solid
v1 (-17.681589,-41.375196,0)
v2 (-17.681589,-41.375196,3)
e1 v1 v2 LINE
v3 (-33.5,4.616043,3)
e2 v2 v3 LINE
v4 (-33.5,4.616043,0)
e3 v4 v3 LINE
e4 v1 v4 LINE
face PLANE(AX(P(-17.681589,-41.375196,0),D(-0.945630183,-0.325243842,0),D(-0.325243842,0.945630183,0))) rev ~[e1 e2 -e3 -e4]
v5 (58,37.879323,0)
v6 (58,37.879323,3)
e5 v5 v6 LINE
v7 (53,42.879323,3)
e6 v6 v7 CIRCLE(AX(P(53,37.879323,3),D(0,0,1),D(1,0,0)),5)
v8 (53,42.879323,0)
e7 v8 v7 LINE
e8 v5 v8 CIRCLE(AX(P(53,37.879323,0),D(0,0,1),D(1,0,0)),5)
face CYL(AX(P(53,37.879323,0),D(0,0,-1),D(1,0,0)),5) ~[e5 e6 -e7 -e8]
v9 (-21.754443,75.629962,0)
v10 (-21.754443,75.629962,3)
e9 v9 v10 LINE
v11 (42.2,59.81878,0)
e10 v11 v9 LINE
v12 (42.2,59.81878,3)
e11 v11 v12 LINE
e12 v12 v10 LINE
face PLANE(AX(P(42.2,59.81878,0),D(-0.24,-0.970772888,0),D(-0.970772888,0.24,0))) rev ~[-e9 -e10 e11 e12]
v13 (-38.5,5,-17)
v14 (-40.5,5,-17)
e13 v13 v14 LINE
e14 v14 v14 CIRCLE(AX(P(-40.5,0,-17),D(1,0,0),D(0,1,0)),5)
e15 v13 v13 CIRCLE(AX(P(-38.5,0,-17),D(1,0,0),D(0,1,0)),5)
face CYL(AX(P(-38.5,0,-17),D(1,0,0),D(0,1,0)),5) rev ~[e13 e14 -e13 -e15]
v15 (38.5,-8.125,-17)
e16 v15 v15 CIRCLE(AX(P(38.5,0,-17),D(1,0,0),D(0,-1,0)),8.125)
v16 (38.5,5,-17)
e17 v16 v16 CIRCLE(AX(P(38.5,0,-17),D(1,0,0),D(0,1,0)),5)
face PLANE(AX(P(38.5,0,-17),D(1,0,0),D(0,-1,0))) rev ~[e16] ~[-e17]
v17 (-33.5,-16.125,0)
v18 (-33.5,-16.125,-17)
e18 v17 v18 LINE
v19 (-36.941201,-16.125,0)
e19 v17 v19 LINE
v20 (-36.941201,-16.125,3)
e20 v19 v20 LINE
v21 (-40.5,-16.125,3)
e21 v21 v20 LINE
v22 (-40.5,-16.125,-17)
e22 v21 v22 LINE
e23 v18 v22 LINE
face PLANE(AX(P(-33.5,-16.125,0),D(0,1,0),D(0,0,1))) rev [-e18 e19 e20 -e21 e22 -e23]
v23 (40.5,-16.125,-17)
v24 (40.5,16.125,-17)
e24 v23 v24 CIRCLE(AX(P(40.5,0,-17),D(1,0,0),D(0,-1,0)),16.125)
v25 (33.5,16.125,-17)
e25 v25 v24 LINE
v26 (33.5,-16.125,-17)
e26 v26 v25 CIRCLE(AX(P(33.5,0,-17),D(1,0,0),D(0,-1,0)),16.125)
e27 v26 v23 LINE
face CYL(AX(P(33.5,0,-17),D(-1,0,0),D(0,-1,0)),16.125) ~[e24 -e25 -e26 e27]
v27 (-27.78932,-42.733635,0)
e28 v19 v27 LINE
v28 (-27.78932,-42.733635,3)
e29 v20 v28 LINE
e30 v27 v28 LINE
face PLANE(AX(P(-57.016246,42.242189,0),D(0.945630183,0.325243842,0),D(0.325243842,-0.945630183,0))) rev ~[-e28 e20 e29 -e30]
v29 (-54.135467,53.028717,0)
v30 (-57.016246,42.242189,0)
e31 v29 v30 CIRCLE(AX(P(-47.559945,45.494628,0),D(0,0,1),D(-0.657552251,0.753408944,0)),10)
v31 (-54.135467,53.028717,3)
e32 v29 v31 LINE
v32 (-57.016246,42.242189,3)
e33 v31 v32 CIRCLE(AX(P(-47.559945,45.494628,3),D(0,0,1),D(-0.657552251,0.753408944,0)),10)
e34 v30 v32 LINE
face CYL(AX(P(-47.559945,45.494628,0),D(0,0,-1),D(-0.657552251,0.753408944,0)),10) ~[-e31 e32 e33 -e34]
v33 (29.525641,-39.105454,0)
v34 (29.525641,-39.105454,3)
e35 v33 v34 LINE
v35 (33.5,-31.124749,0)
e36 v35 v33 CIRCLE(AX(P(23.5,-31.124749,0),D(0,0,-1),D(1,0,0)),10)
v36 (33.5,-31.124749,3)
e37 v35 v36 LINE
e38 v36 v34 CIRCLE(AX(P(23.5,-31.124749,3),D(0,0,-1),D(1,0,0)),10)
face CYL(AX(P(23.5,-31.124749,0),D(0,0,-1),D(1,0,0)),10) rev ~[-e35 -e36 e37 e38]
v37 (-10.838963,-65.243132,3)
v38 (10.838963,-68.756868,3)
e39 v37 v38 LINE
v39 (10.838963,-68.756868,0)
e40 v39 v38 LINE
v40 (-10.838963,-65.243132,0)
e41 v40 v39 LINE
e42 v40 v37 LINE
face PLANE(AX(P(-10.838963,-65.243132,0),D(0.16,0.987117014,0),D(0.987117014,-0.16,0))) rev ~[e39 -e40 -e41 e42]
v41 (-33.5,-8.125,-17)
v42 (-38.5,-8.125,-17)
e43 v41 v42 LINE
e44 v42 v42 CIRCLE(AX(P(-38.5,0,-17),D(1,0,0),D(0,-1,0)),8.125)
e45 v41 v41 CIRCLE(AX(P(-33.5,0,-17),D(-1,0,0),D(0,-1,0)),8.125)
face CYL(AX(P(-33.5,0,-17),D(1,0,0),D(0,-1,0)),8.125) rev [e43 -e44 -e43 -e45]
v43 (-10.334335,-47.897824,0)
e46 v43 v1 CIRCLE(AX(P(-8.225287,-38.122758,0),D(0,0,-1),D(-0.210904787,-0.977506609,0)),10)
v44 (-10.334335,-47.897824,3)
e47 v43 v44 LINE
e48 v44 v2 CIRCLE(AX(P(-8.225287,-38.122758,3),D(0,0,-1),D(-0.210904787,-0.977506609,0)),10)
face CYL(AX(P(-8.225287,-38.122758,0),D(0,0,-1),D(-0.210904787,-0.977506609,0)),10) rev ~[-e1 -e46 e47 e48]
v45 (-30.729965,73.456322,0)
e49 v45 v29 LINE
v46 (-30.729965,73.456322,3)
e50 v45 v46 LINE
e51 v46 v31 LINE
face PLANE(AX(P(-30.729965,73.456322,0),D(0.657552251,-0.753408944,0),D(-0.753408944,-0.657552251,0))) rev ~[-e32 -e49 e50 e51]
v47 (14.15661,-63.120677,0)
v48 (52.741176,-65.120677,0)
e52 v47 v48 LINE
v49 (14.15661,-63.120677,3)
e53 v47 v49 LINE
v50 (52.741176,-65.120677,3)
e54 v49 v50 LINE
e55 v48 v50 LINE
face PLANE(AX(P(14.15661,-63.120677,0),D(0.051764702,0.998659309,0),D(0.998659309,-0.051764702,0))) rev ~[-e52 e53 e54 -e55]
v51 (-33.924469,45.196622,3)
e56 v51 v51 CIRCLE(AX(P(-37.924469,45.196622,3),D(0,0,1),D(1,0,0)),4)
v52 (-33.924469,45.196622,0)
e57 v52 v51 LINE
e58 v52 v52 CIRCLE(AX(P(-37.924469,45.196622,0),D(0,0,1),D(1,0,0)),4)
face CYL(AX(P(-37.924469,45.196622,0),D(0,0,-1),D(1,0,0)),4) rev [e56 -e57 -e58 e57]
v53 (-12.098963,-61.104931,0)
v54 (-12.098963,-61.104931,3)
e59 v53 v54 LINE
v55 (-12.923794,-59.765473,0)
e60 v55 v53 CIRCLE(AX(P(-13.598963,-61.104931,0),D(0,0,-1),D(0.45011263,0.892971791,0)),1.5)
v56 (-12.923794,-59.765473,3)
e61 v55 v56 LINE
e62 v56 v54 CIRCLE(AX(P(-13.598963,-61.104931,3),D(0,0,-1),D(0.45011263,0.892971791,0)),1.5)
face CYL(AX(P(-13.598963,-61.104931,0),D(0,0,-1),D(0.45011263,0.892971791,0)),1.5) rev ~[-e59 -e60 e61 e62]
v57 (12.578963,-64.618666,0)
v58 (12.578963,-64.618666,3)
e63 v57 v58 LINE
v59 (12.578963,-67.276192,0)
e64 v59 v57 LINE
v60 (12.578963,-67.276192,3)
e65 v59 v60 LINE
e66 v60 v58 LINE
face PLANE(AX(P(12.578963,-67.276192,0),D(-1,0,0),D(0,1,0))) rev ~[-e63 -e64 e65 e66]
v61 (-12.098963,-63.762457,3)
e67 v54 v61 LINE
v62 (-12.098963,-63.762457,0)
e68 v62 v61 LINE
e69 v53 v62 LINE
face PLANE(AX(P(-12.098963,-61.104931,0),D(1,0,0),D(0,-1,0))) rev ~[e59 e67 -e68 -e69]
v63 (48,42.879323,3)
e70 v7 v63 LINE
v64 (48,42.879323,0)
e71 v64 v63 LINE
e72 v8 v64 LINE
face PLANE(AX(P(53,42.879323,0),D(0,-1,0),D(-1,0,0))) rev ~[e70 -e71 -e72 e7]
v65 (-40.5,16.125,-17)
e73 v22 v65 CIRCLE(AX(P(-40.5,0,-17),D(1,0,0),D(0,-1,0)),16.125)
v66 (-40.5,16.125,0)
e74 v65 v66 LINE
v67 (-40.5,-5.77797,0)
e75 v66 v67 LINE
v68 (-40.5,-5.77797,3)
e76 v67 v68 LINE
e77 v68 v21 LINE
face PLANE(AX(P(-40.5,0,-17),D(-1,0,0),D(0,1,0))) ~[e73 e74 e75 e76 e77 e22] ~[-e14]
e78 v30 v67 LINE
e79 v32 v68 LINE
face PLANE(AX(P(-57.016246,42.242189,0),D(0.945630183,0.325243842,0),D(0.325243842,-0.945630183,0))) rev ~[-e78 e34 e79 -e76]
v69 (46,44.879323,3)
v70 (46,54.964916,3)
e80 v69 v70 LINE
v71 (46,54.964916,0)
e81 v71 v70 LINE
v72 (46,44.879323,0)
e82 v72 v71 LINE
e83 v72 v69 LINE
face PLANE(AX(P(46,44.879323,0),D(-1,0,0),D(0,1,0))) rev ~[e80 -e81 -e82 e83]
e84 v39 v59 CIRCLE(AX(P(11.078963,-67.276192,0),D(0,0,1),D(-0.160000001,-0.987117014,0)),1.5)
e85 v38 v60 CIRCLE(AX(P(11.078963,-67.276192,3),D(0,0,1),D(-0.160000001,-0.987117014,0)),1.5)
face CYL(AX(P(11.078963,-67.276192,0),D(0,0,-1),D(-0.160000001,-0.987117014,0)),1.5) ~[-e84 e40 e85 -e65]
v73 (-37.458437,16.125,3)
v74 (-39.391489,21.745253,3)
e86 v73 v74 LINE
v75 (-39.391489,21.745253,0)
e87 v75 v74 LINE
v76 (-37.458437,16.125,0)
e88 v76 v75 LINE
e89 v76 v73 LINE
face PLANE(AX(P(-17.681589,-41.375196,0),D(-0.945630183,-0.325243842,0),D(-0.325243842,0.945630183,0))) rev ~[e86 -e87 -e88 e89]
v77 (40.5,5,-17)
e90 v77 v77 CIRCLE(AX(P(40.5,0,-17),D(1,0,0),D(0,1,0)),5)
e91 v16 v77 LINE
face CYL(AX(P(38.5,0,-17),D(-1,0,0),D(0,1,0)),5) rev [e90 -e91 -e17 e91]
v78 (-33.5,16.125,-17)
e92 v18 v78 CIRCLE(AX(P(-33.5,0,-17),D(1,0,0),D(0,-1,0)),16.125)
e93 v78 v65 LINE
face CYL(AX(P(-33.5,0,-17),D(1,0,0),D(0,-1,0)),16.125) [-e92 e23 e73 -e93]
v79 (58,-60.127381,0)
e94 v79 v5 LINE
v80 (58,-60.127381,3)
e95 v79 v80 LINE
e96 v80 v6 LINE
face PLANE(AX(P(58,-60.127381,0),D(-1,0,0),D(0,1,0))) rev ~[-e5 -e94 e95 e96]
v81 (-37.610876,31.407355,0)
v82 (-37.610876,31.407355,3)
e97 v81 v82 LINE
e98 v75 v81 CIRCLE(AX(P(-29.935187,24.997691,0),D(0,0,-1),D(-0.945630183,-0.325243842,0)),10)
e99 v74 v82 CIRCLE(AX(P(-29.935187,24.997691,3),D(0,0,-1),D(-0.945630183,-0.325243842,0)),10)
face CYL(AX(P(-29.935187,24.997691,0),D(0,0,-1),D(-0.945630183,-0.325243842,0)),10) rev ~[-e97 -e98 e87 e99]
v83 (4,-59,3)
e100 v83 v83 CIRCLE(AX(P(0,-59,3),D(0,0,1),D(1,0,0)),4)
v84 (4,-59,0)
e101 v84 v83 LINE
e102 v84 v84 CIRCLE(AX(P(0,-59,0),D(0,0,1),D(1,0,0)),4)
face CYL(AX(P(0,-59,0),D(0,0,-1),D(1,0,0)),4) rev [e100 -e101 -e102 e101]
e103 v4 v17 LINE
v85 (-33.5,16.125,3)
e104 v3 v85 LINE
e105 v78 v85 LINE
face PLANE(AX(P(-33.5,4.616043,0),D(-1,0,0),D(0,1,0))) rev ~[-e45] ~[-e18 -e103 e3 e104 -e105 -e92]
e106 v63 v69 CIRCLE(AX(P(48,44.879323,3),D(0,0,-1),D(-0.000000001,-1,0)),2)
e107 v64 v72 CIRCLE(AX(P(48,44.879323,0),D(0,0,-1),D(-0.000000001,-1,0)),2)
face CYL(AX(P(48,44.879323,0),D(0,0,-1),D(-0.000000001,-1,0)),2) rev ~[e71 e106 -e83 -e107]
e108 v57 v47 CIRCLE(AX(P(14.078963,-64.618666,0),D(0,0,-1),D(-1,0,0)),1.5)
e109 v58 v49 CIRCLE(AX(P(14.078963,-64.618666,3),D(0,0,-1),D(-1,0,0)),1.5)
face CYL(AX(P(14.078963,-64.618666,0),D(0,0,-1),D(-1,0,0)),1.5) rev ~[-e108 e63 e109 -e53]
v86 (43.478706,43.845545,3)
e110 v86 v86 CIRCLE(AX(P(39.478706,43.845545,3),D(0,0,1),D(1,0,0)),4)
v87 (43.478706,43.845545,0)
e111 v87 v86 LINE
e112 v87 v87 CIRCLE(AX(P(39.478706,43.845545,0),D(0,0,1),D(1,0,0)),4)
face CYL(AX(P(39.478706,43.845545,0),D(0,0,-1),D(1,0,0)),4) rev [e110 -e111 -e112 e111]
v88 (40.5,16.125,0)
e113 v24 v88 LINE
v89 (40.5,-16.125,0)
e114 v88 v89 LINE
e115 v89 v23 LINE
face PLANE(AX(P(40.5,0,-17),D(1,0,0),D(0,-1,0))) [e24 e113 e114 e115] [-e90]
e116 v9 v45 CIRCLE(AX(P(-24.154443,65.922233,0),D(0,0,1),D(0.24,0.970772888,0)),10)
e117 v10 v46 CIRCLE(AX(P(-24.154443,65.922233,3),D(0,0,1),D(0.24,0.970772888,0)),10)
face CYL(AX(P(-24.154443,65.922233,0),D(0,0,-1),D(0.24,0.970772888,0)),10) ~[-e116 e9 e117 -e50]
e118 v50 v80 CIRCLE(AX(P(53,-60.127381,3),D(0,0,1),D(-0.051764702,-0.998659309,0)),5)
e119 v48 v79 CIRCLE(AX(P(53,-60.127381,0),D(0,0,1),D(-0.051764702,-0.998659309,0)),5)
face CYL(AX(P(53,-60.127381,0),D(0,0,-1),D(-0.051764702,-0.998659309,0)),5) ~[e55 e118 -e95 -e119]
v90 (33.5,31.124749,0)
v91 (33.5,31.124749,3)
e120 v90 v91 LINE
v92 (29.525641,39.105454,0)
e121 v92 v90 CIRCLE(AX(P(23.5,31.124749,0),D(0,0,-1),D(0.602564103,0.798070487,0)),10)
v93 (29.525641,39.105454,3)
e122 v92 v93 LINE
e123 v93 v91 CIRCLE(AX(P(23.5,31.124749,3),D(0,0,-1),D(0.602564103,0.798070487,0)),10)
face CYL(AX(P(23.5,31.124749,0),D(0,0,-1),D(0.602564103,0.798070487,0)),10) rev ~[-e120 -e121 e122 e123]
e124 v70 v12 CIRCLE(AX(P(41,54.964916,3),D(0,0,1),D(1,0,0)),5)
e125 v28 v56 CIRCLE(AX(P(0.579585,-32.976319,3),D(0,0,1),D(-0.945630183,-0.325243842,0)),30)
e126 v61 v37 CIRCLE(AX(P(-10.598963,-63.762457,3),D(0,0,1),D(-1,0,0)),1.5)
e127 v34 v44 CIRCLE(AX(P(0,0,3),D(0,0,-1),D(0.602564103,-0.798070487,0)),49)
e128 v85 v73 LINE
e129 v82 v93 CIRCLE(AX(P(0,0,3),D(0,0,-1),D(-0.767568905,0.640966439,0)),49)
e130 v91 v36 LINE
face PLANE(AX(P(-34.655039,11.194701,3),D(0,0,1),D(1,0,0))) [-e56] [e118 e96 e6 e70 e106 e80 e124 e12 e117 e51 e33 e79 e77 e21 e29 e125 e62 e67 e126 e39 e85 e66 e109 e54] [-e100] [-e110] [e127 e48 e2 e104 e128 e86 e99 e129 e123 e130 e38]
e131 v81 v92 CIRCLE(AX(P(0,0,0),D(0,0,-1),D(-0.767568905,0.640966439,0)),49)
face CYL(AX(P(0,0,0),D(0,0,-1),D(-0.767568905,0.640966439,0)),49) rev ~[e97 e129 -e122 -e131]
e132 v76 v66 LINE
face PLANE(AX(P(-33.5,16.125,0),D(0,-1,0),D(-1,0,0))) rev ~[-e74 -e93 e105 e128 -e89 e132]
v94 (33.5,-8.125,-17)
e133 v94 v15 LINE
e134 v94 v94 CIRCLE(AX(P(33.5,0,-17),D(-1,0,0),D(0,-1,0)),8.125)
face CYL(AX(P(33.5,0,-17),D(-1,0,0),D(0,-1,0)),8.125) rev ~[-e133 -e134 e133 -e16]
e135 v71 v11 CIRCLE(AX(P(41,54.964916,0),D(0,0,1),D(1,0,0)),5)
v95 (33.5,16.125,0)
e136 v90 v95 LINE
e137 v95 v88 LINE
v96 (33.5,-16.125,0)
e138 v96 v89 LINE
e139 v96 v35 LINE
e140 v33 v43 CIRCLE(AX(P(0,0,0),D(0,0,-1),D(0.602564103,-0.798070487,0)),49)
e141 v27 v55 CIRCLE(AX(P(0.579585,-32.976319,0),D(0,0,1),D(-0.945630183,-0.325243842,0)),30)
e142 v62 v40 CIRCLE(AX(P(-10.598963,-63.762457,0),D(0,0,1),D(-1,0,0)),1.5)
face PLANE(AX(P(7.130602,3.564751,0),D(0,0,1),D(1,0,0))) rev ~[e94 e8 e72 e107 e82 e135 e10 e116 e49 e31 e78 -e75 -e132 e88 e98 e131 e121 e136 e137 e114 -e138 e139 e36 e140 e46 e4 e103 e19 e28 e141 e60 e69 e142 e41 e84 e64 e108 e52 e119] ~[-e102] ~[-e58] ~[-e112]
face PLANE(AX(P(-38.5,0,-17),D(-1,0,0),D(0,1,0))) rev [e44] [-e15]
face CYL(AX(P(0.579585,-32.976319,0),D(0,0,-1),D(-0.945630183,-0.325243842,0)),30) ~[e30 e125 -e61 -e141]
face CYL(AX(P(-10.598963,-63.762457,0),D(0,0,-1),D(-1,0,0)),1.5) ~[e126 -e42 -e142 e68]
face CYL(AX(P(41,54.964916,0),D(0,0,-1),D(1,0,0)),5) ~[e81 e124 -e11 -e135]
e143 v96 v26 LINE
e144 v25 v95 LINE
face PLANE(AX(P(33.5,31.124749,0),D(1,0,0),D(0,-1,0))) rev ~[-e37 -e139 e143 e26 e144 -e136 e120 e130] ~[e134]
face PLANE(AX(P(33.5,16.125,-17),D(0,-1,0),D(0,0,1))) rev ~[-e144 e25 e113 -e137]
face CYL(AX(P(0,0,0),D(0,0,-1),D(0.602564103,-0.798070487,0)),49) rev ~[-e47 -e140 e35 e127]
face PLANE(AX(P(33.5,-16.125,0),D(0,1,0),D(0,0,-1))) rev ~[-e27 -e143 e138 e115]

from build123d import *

# Parameters (mm, degrees)
SKETCH1_R                               = 4
BUMPER_LINK_DEPTH                       = 3
SKETCH3_R                               = 8.125
BEARING_BLOCK_DEPTH                     = 7
BEARING_START                           = -2
SKETCH4_R                               = 8.125
SKETCH4_R_2                             = 5
BEARING_END_FLANGE_DEPTH                = 2
MIRRORED_BEARING_BLOCK_CONNECTION_DEPTH = 3


with BuildPart() as part:
    # Sketch1 → Bumper link (new body)
    with BuildSketch(Plane.XY):
        with BuildLine():
            Line((-12.098962679, -61.104930733), (-12.098962679, -63.762456748))
            ThreePointArc((-12.098962679, -63.762456748), (-11.741328645, -64.734567853), (-10.838962679, -65.24313227))
            Line((-10.838962679, -65.24313227), (10.838962679, -68.75686773))
            ThreePointArc((10.838962679, -68.75686773), (12.051073784, -68.418558175), (12.578962679, -67.276192209))
            Line((12.578962679, -67.276192209), (12.578962679, -64.618666193))
            ThreePointArc((12.578962679, -64.618666193), (13.046119656, -63.530900001), (14.156609733, -63.12067723))
            Line((14.156609733, -63.12067723), (52.741176488, -65.12067723))
            ThreePointArc((52.741176488, -65.12067723), (56.442810076, -63.753267994), (58, -60.127380685))
            Line((58, -60.127380685), (58, 37.87932277))
            ThreePointArc((58, 37.87932277), (56.535533906, 41.414856676), (53, 42.87932277))
            Line((53, 42.87932277), (48, 42.87932277))
            ThreePointArc((48, 42.87932277), (46.585786438, 43.465109208), (46, 44.87932277))
            Line((46, 44.87932277), (46, 54.964915964))
            ThreePointArc((46, 54.964915964), (44.937003937, 58.047122965), (42.2, 59.818780404))
            Line((42.2, 59.818780404), (-21.754442807, 75.629961849))
            ThreePointArc((-21.754442807, 75.629961849), (-26.508147155, 75.641290323), (-30.729965317, 73.456322411))
            Line((-30.729965317, 73.456322411), (-54.135467109, 53.028717314))
            ThreePointArc((-54.135467109, 53.028717314), (-57.221318402, 48.074910074), (-57.01624643, 42.242189451))
            Line((-57.01624643, 42.242189451), (-27.78932032, -42.733634568))
            ThreePointArc((-27.78932032, -42.733634568), (-22.022249502, -52.703383692), (-12.923793734, -59.765473046))
            ThreePointArc((-12.923793734, -59.765473046), (-12.321709099, -60.318404642), (-12.098962679, -61.104930733))
        make_face()
        with Locations((0, -59)):
            Circle(SKETCH1_R, mode=Mode.SUBTRACT)
        with Locations((-37.924468972, 45.196622144)):
            Circle(SKETCH1_R, mode=Mode.SUBTRACT)
        with Locations((39.478705775, 43.845544703)):
            Circle(SKETCH1_R, mode=Mode.SUBTRACT)
        with BuildLine():
            Line((33.5, 31.124748995), (33.5, -31.124748995))
            ThreePointArc((33.5, -31.124748995), (32.451435925, -35.582528136), (29.525641026, -39.105453865))
            ThreePointArc((29.525641026, -39.105453865), (10.554762126, -47.849733505), (-10.33433455, -47.897823848))
            ThreePointArc((-10.33433455, -47.897823848), (-14.864224576, -45.601026517), (-17.681588514, -41.375196178))
            Line((-17.681588514, -41.375196178), (-39.391489139, 21.745252689))
            ThreePointArc((-39.391489139, 21.745252689), (-39.769582846, 26.810055426), (-37.610876362, 31.407355497))
            ThreePointArc((-37.610876362, 31.407355497), (-5.581929526, 48.681023641), (29.525641026, 39.105453865))
            ThreePointArc((29.525641026, 39.105453865), (32.451435925, 35.582528136), (33.5, 31.124748995))
        make_face(mode=Mode.SUBTRACT)
    extrude(amount=BUMPER_LINK_DEPTH)

    # Sketch3 → Bearing block (add)
    with BuildSketch(Plane.ZY.offset(-33.5)):
        with BuildLine():
            Line((-17, 16.125), (0, 16.125))
            Line((0, 16.125), (0, -16.125))
            Line((0, -16.125), (-17, -16.125))
            ThreePointArc((-17, -16.125), (-33.125, 0), (-17, 16.125))
        make_face()
        with Locations(Location((-17, 0, 0), (0, 0, 270))):
            Circle(SKETCH3_R, mode=Mode.SUBTRACT)
    bearing_block = extrude(amount=-BEARING_BLOCK_DEPTH)

    # Sketch4 → Bearing end flange (add)
    with BuildSketch(Plane(origin=(40.5, 0, 0), x_dir=(0, 0, -1), z_dir=(1, 0, 0)).offset(BEARING_START)):
        with Locations(Location((17, 0, 0), (0, 0, 270))):
            Circle(SKETCH4_R)
        with Locations(Location((17, 0, 0), (0, 0, 90))):
            Circle(SKETCH4_R_2, mode=Mode.SUBTRACT)
    bearing_end_flange = extrude(amount=BEARING_END_FLANGE_DEPTH)

    # Mirror1: Bearing block, Bearing end flange across plane
    add(bearing_block.mirror(Plane(origin=(0, 0, 0), x_dir=(0, 0, 1), z_dir=(1, 0, 0))))
    add(bearing_end_flange.mirror(Plane(origin=(0, 0, 0), x_dir=(0, 0, 1), z_dir=(1, 0, 0))))

    # Sketch6 → Mirrored bearing block connection (add)
    with BuildSketch(Plane.XY):
        Polygon((-37.458436863, 16.125), (-33.5, 4.616043054), (-33.5, 16.125), align=None)
        Polygon((-40.5, -16.125), (-36.941200933, -16.125), (-40.5, -5.777969932), align=None)
    extrude(amount=MIRRORED_BEARING_BLOCK_CONNECTION_DEPTH)


solid = part.part
